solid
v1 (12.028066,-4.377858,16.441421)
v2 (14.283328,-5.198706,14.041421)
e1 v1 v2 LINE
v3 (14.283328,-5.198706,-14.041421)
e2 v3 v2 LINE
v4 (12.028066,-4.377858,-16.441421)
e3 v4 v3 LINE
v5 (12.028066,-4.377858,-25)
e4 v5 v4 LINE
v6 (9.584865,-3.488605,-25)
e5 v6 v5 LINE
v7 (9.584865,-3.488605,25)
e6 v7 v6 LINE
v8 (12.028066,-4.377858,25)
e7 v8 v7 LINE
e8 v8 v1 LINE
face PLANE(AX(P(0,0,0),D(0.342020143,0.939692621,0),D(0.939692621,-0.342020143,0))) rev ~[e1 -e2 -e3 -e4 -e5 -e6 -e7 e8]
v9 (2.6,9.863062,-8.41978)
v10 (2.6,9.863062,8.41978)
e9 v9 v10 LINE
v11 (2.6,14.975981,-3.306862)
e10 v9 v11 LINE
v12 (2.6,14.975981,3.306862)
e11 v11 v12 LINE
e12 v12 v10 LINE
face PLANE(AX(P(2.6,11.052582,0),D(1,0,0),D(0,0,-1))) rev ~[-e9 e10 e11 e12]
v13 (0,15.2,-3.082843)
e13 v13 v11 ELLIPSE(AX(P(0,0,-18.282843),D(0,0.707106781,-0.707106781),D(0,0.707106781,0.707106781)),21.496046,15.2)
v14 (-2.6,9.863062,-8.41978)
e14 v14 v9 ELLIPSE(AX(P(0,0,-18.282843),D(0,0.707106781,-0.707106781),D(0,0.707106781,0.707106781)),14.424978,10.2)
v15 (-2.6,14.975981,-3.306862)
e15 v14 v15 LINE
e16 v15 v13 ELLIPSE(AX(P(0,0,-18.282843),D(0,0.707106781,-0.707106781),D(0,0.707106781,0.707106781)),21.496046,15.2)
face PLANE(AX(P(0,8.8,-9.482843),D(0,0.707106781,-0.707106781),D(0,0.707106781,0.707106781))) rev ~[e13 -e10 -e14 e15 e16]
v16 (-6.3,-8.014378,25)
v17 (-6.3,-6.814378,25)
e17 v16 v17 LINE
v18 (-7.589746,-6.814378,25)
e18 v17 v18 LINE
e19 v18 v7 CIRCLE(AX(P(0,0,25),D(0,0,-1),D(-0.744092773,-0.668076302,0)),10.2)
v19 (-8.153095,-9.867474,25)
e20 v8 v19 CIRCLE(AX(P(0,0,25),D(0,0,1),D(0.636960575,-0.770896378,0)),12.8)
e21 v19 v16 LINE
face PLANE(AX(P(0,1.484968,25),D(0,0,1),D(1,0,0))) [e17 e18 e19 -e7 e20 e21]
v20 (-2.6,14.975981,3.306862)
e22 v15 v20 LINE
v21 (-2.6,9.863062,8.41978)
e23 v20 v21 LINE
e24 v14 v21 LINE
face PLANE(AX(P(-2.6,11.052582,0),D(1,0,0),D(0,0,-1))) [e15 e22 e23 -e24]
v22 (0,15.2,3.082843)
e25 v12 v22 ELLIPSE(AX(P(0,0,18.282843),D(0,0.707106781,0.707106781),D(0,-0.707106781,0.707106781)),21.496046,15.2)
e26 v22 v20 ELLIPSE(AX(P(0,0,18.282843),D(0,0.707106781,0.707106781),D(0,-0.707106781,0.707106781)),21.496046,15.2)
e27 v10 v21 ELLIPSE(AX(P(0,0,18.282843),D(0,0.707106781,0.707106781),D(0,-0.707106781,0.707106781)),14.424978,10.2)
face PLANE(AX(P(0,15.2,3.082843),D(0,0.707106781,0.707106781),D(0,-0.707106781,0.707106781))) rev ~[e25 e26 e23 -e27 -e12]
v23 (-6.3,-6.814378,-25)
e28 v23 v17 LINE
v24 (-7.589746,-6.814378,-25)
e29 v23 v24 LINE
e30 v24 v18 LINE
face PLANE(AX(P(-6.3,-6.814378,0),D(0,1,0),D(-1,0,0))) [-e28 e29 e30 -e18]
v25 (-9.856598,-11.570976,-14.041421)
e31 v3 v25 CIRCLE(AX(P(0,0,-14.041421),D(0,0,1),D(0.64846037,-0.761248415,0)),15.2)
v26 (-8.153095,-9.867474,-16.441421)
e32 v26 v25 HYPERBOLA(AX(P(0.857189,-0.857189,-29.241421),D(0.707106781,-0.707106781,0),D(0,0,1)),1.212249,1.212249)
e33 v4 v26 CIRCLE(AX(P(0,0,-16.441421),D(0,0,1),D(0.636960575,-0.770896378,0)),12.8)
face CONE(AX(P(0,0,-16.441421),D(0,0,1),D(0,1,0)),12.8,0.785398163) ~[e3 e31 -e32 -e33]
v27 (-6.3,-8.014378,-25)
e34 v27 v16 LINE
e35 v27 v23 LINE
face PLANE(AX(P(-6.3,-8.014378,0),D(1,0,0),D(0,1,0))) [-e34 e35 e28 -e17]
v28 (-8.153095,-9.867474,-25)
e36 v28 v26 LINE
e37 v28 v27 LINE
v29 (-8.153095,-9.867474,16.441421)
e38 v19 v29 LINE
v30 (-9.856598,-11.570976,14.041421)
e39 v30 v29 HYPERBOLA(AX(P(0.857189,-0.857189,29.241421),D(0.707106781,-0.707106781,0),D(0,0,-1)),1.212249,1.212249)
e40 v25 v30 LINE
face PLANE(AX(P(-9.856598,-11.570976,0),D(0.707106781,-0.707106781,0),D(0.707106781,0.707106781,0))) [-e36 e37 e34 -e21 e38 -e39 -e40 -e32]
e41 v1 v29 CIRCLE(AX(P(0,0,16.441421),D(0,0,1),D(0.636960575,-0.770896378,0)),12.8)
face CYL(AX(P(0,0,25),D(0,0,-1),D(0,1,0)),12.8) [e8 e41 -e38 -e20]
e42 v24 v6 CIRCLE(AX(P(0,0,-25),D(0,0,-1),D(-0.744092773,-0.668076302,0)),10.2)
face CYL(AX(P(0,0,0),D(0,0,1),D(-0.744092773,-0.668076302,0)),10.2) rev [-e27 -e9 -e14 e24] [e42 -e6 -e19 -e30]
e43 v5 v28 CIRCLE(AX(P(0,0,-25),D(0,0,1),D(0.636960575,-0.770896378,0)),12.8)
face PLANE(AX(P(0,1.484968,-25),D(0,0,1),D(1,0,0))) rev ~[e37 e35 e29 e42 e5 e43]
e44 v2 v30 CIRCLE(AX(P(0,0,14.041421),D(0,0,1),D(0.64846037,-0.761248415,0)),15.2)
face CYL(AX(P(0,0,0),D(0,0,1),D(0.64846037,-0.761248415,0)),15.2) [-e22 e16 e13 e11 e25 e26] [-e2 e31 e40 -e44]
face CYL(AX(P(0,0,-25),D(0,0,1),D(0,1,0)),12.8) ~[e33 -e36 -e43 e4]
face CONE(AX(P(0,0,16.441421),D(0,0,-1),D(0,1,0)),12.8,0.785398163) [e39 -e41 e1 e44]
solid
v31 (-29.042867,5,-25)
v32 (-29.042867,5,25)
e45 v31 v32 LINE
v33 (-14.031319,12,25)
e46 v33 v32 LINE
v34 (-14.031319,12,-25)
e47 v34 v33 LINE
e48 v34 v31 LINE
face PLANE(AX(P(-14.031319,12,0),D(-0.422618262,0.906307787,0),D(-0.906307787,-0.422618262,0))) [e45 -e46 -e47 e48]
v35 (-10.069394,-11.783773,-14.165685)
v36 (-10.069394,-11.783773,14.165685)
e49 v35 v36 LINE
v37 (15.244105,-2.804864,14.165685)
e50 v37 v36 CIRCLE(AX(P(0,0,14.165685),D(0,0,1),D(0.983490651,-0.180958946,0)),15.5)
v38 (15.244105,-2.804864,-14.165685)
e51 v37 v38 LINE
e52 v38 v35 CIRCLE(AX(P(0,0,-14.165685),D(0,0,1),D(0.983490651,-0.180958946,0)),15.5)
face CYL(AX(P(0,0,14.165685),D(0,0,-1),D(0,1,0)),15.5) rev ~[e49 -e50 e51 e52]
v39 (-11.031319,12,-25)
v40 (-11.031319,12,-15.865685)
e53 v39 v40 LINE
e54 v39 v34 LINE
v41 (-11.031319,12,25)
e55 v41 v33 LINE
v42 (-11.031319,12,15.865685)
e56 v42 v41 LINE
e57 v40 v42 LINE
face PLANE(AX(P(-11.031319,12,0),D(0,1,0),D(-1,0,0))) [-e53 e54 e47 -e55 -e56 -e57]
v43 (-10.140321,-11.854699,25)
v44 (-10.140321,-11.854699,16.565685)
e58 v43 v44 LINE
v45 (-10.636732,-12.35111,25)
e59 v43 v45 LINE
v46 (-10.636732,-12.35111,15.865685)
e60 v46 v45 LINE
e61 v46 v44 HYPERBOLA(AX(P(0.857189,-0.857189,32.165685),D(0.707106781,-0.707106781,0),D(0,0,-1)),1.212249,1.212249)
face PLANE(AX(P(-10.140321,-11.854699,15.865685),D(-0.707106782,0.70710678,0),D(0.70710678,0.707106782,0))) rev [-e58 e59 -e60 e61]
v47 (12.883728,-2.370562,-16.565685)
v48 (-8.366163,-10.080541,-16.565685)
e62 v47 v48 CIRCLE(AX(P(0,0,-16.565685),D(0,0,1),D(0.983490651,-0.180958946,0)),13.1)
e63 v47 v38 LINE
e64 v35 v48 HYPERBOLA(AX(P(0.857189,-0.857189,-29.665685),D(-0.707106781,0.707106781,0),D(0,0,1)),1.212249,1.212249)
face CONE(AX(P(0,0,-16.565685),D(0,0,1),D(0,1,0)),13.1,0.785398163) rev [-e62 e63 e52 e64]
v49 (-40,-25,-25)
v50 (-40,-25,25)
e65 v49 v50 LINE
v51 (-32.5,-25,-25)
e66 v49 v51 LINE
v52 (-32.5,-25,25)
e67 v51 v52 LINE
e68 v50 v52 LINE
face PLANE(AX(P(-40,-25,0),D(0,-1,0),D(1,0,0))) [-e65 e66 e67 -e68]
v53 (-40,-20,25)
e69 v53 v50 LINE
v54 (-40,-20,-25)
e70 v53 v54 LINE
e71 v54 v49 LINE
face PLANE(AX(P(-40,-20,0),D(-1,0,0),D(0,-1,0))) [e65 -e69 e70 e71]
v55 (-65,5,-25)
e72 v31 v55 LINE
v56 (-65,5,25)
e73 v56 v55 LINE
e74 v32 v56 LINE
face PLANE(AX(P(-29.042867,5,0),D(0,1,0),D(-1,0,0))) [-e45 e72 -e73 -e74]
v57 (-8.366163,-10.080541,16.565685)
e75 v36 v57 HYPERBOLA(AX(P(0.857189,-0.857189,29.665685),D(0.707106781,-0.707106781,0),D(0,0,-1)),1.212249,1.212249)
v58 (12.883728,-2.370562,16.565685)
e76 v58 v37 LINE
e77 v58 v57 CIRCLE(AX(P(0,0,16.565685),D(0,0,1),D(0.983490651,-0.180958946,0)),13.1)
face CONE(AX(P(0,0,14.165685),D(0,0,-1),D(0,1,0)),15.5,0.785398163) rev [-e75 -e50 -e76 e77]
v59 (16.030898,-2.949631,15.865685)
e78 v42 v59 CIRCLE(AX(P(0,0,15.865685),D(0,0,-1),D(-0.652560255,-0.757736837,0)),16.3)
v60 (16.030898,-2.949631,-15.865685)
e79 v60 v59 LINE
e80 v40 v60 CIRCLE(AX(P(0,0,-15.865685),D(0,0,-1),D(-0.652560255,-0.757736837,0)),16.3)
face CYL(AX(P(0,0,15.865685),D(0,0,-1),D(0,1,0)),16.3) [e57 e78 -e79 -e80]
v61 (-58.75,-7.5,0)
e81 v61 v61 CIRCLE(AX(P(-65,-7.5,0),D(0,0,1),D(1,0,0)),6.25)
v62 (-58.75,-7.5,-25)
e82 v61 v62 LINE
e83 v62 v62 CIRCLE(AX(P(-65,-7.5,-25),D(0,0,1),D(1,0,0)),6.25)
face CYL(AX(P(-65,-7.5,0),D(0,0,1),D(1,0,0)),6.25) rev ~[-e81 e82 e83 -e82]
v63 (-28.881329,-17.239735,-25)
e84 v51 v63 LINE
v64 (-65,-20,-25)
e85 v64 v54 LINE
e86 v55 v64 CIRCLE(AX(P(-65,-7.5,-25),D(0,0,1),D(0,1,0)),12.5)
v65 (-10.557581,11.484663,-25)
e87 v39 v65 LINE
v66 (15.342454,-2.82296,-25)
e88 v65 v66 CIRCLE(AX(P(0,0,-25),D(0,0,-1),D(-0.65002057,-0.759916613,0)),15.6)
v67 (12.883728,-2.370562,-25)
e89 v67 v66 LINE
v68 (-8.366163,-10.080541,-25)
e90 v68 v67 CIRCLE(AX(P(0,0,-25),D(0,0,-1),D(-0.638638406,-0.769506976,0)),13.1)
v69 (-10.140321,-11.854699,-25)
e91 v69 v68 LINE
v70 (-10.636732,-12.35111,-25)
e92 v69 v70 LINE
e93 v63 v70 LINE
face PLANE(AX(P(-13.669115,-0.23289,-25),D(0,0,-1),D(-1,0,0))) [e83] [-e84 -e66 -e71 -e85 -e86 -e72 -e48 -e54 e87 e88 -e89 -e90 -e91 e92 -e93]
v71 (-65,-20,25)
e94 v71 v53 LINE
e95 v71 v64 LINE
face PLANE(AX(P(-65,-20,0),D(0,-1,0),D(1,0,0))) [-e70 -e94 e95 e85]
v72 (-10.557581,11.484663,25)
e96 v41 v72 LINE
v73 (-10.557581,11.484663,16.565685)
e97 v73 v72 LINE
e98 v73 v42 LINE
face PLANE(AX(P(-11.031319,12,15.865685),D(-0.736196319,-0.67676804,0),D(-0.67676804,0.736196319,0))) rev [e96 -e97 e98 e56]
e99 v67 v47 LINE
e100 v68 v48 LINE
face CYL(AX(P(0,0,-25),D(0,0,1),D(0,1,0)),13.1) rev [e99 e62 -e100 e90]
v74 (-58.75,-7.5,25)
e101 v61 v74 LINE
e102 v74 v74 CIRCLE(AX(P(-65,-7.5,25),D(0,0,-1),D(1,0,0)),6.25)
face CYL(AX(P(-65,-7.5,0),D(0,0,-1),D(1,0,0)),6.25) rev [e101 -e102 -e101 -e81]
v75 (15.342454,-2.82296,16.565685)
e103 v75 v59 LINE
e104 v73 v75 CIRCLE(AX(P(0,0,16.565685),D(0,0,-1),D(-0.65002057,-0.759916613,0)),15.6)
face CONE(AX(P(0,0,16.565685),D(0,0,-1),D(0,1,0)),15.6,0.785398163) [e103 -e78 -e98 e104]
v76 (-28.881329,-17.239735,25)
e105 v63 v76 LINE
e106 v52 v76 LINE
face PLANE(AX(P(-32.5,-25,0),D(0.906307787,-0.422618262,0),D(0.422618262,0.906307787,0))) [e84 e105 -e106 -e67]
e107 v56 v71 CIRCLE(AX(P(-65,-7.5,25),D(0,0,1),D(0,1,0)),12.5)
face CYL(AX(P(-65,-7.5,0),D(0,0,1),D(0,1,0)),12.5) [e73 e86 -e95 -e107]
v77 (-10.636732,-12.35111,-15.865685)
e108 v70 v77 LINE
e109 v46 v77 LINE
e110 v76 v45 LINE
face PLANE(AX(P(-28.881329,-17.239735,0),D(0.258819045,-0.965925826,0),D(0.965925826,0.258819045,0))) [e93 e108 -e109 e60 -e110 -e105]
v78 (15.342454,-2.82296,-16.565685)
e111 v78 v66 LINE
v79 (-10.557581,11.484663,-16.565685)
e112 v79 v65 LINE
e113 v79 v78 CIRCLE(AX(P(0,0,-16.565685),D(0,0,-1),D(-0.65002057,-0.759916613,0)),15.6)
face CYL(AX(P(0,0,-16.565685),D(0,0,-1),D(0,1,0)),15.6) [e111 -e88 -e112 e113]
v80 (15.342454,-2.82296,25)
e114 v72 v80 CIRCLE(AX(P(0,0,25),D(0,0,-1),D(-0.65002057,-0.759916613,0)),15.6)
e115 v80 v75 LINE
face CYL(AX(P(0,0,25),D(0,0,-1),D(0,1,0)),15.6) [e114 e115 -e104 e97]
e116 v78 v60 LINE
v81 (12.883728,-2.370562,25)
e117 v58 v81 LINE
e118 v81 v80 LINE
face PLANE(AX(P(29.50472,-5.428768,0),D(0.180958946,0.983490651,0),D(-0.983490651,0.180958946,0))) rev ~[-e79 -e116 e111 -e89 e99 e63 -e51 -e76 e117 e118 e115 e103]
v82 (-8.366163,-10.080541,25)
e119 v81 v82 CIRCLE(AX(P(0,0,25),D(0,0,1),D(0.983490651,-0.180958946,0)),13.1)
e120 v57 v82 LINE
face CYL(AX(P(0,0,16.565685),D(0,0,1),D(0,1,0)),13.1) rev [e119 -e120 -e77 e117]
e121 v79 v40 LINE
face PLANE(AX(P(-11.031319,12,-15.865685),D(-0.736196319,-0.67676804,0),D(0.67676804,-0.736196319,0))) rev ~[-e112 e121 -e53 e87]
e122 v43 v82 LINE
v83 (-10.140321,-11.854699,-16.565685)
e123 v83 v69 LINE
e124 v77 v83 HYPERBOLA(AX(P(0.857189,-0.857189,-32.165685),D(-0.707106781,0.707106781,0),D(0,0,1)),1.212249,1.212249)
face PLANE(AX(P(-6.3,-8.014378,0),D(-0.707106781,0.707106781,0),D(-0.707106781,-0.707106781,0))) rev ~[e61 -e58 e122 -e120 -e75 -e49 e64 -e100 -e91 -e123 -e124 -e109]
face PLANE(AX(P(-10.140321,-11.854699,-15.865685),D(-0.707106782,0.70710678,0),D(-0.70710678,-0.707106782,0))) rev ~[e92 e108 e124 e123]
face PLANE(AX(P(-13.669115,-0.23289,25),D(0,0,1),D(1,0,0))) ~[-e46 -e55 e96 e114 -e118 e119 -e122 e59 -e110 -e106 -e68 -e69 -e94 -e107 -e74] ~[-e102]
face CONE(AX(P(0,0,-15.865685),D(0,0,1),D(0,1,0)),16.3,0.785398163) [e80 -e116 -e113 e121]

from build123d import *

# Parameters (mm, degrees)
BOSS_EXTRUDE1_DEPTH     = 25
CUT_EXTRUDE1_DEPTH      = 2.6
CUT_EXTRUDE2_DEPTH      = 26
CUT_EXTRUDE2_DEPTH_BACK = 26
BOSS_EXTRUDE2_DEPTH     = 25
BOSS_EXTRUDE3_START     = -9.134315
BOSS_EXTRUDE3_DEPTH     = 9.134315
SKETCH15_R              = 6.25
CUT_EXTRUDE3_DEPTH      = 26
CUT_EXTRUDE3_DEPTH_BACK = 26
CUT_EXTRUDE4_DEPTH      = 26
CUT_EXTRUDE4_DEPTH_BACK = 26


with BuildPart() as part:
    # Sketch3 → Boss-Extrude1 (new body, symmetric)
    with BuildSketch(Plane.XY):
        with BuildLine():
            Line((6.3, -8.014378278), (9.856597623, -11.570975901))
            ThreePointArc((9.856597623, -11.570975901), (0, 15.2), (-9.856597623, -11.570975901))
            Line((-9.856597623, -11.570975901), (-6.3, -8.014378278))
            Line((-6.3, -8.014378278), (-6.3, -6.814378278))
            Line((-6.3, -6.814378278), (-7.589746286, -6.814378278))
            ThreePointArc((-7.589746286, -6.814378278), (0, 10.2), (7.589746286, -6.814378278))
            Line((7.589746286, -6.814378278), (6.3, -6.814378278))
            Line((6.3, -6.814378278), (6.3, -8.014378278))
        make_face()
    extrude(amount=BOSS_EXTRUDE1_DEPTH, both=True)

    # Sketch4 → Cut-Extrude1 (cut, symmetric)
    with BuildSketch(Plane(origin=(0, 0, 0), x_dir=(0, 0, -1), z_dir=(1, 0, 0))):
        Polygon((-3.082842712, 15.2), (-9.482842712, 8.8), (9.482842712, 8.8), (3.082842712, 15.2), align=None)
    extrude(amount=CUT_EXTRUDE1_DEPTH, both=True, mode=Mode.SUBTRACT)

    # Sketch5 → Cut-Revolve1 (revolve, cut)
    with BuildSketch(Plane(origin=(0, 0, 0), x_dir=(0, 0, -1), z_dir=(1, 0, 0))):
        Polygon((25, 15.2), (25, 12.8), (16.441421356, 12.8), (14.041421356, 15.2), align=None)
    cut_revolve1 = revolve(axis=Axis((0, 0, 27.223610458), (0, 0, -1)), mode=Mode.SUBTRACT)

    # Mirror1: Cut-Revolve1 across plane
    add(cut_revolve1.mirror(Plane.XY), mode=Mode.SUBTRACT)

    # Sketch16 → Cut-Extrude4 (cut, two sides)
    with BuildSketch(Plane.XY) as cut_extrude4_sk:
        with BuildLine():
            Line((0, 0), (14.283327836, -5.198706179))
            ThreePointArc((14.283327836, -5.198706179), (8.718361833, -12.451111073), (0, -15.2))
            Line((0, -15.2), (0, 0))
        make_face()
    extrude(amount=CUT_EXTRUDE4_DEPTH, mode=Mode.SUBTRACT)
    extrude(cut_extrude4_sk.sketch, amount=-CUT_EXTRUDE4_DEPTH_BACK, mode=Mode.SUBTRACT)


with BuildPart() as body_2:
    # Sketch7 → Revolve1 (revolve)
    with BuildSketch(Plane(origin=(0, 0, 0), x_dir=(0, 0, -1), z_dir=(1, 0, 0))):
        Polygon((25, 13.1), (16.565685425, 13.1), (14.165685425, 15.5), (3.082842712, 15.5), (-3.082842712, 15.5), (-14.165685425, 15.5), (-16.565685425, 13.1), (-25, 13.1), (-25, 15.6), (-16.565685425, 15.6), (-15.865685425, 16.3), (15.865685425, 16.3), (16.565685425, 15.6), (25, 15.6), align=None)
    revolve(axis=Axis((0, 0, 29.952528939), (0, 0, -1)))

    # Sketch10 → Cut-Extrude2 (cut, two sides)
    with BuildSketch(Plane.XY) as cut_extrude2_sk:
        with BuildLine():
            Line((-6.3, -8.014378278), (-9.856597623, -11.570975901))
            Line((-9.856597623, -11.570975901), (-28.285621722, -30))
            Line((-28.285621722, -30), (0, -30))
            ThreePointArc((0, -30), (19.198137256, -23.052798657), (29.504719516, -5.428768394))
            Line((29.504719516, -5.428768394), (0, 0))
            Line((0, 0), (-6.3, -8.014378278))
        make_face()
    extrude(amount=CUT_EXTRUDE2_DEPTH, mode=Mode.SUBTRACT)
    extrude(cut_extrude2_sk.sketch, amount=-CUT_EXTRUDE2_DEPTH_BACK, mode=Mode.SUBTRACT)

    # Sketch12 → Boss-Extrude2 (add, symmetric)
    with BuildSketch(Plane.XY):
        with BuildLine():
            Line((-40, -20), (-40, -25))
            Line((-40, -25), (-32.5, -25))
            Line((-32.5, -25), (-28.881329228, -17.239735487))
            Line((-28.881329228, -17.239735487), (-10.636732158, -12.351110436))
            ThreePointArc((-10.636732158, -12.351110436), (-16.297860463, -0.264091534), (-11.031319051, 12))
            Line((-11.031319051, 12), (-14.031319051, 12))
            Line((-14.031319051, 12), (-29.042867494, 5))
            Line((-29.042867494, 5), (-65, 5))
            ThreePointArc((-65, 5), (-77.5, -7.5), (-65, -20))
            Line((-65, -20), (-40, -20))
        make_face()
    extrude(amount=BOSS_EXTRUDE2_DEPTH, both=True)

    # Sketch13 → Boss-Extrude3 (add)
    with BuildSketch(Plane(origin=(0, 0, -25), x_dir=(-1, 0, 0), z_dir=(0, 0, -1)).offset(BOSS_EXTRUDE3_START)):
        with BuildLine():
            Line((11.031319051, 12), (10.557581423, 11.484662577))
            ThreePointArc((10.557581423, 11.484662577), (15.597507546, -0.278851856), (10.140320888, -11.854699165))
            Line((10.140320888, -11.854699165), (10.636732158, -12.351110436))
            ThreePointArc((10.636732158, -12.351110436), (16.297860463, -0.264091534), (11.031319051, 12))
        make_face()
    boss_extrude3 = extrude(amount=BOSS_EXTRUDE3_DEPTH)

    # Mirror2: Boss-Extrude3 across plane
    add(boss_extrude3.mirror(Plane.XY))

    # Sketch15 → Cut-Extrude3 (cut, two sides)
    with BuildSketch(Plane.XY) as cut_extrude3_sk:
        with Locations((-65, -7.5)):
            Circle(SKETCH15_R)
    extrude(amount=CUT_EXTRUDE3_DEPTH, mode=Mode.SUBTRACT)
    extrude(cut_extrude3_sk.sketch, amount=-CUT_EXTRUDE3_DEPTH_BACK, mode=Mode.SUBTRACT)


solid = Compound([part.part, body_2.part])
